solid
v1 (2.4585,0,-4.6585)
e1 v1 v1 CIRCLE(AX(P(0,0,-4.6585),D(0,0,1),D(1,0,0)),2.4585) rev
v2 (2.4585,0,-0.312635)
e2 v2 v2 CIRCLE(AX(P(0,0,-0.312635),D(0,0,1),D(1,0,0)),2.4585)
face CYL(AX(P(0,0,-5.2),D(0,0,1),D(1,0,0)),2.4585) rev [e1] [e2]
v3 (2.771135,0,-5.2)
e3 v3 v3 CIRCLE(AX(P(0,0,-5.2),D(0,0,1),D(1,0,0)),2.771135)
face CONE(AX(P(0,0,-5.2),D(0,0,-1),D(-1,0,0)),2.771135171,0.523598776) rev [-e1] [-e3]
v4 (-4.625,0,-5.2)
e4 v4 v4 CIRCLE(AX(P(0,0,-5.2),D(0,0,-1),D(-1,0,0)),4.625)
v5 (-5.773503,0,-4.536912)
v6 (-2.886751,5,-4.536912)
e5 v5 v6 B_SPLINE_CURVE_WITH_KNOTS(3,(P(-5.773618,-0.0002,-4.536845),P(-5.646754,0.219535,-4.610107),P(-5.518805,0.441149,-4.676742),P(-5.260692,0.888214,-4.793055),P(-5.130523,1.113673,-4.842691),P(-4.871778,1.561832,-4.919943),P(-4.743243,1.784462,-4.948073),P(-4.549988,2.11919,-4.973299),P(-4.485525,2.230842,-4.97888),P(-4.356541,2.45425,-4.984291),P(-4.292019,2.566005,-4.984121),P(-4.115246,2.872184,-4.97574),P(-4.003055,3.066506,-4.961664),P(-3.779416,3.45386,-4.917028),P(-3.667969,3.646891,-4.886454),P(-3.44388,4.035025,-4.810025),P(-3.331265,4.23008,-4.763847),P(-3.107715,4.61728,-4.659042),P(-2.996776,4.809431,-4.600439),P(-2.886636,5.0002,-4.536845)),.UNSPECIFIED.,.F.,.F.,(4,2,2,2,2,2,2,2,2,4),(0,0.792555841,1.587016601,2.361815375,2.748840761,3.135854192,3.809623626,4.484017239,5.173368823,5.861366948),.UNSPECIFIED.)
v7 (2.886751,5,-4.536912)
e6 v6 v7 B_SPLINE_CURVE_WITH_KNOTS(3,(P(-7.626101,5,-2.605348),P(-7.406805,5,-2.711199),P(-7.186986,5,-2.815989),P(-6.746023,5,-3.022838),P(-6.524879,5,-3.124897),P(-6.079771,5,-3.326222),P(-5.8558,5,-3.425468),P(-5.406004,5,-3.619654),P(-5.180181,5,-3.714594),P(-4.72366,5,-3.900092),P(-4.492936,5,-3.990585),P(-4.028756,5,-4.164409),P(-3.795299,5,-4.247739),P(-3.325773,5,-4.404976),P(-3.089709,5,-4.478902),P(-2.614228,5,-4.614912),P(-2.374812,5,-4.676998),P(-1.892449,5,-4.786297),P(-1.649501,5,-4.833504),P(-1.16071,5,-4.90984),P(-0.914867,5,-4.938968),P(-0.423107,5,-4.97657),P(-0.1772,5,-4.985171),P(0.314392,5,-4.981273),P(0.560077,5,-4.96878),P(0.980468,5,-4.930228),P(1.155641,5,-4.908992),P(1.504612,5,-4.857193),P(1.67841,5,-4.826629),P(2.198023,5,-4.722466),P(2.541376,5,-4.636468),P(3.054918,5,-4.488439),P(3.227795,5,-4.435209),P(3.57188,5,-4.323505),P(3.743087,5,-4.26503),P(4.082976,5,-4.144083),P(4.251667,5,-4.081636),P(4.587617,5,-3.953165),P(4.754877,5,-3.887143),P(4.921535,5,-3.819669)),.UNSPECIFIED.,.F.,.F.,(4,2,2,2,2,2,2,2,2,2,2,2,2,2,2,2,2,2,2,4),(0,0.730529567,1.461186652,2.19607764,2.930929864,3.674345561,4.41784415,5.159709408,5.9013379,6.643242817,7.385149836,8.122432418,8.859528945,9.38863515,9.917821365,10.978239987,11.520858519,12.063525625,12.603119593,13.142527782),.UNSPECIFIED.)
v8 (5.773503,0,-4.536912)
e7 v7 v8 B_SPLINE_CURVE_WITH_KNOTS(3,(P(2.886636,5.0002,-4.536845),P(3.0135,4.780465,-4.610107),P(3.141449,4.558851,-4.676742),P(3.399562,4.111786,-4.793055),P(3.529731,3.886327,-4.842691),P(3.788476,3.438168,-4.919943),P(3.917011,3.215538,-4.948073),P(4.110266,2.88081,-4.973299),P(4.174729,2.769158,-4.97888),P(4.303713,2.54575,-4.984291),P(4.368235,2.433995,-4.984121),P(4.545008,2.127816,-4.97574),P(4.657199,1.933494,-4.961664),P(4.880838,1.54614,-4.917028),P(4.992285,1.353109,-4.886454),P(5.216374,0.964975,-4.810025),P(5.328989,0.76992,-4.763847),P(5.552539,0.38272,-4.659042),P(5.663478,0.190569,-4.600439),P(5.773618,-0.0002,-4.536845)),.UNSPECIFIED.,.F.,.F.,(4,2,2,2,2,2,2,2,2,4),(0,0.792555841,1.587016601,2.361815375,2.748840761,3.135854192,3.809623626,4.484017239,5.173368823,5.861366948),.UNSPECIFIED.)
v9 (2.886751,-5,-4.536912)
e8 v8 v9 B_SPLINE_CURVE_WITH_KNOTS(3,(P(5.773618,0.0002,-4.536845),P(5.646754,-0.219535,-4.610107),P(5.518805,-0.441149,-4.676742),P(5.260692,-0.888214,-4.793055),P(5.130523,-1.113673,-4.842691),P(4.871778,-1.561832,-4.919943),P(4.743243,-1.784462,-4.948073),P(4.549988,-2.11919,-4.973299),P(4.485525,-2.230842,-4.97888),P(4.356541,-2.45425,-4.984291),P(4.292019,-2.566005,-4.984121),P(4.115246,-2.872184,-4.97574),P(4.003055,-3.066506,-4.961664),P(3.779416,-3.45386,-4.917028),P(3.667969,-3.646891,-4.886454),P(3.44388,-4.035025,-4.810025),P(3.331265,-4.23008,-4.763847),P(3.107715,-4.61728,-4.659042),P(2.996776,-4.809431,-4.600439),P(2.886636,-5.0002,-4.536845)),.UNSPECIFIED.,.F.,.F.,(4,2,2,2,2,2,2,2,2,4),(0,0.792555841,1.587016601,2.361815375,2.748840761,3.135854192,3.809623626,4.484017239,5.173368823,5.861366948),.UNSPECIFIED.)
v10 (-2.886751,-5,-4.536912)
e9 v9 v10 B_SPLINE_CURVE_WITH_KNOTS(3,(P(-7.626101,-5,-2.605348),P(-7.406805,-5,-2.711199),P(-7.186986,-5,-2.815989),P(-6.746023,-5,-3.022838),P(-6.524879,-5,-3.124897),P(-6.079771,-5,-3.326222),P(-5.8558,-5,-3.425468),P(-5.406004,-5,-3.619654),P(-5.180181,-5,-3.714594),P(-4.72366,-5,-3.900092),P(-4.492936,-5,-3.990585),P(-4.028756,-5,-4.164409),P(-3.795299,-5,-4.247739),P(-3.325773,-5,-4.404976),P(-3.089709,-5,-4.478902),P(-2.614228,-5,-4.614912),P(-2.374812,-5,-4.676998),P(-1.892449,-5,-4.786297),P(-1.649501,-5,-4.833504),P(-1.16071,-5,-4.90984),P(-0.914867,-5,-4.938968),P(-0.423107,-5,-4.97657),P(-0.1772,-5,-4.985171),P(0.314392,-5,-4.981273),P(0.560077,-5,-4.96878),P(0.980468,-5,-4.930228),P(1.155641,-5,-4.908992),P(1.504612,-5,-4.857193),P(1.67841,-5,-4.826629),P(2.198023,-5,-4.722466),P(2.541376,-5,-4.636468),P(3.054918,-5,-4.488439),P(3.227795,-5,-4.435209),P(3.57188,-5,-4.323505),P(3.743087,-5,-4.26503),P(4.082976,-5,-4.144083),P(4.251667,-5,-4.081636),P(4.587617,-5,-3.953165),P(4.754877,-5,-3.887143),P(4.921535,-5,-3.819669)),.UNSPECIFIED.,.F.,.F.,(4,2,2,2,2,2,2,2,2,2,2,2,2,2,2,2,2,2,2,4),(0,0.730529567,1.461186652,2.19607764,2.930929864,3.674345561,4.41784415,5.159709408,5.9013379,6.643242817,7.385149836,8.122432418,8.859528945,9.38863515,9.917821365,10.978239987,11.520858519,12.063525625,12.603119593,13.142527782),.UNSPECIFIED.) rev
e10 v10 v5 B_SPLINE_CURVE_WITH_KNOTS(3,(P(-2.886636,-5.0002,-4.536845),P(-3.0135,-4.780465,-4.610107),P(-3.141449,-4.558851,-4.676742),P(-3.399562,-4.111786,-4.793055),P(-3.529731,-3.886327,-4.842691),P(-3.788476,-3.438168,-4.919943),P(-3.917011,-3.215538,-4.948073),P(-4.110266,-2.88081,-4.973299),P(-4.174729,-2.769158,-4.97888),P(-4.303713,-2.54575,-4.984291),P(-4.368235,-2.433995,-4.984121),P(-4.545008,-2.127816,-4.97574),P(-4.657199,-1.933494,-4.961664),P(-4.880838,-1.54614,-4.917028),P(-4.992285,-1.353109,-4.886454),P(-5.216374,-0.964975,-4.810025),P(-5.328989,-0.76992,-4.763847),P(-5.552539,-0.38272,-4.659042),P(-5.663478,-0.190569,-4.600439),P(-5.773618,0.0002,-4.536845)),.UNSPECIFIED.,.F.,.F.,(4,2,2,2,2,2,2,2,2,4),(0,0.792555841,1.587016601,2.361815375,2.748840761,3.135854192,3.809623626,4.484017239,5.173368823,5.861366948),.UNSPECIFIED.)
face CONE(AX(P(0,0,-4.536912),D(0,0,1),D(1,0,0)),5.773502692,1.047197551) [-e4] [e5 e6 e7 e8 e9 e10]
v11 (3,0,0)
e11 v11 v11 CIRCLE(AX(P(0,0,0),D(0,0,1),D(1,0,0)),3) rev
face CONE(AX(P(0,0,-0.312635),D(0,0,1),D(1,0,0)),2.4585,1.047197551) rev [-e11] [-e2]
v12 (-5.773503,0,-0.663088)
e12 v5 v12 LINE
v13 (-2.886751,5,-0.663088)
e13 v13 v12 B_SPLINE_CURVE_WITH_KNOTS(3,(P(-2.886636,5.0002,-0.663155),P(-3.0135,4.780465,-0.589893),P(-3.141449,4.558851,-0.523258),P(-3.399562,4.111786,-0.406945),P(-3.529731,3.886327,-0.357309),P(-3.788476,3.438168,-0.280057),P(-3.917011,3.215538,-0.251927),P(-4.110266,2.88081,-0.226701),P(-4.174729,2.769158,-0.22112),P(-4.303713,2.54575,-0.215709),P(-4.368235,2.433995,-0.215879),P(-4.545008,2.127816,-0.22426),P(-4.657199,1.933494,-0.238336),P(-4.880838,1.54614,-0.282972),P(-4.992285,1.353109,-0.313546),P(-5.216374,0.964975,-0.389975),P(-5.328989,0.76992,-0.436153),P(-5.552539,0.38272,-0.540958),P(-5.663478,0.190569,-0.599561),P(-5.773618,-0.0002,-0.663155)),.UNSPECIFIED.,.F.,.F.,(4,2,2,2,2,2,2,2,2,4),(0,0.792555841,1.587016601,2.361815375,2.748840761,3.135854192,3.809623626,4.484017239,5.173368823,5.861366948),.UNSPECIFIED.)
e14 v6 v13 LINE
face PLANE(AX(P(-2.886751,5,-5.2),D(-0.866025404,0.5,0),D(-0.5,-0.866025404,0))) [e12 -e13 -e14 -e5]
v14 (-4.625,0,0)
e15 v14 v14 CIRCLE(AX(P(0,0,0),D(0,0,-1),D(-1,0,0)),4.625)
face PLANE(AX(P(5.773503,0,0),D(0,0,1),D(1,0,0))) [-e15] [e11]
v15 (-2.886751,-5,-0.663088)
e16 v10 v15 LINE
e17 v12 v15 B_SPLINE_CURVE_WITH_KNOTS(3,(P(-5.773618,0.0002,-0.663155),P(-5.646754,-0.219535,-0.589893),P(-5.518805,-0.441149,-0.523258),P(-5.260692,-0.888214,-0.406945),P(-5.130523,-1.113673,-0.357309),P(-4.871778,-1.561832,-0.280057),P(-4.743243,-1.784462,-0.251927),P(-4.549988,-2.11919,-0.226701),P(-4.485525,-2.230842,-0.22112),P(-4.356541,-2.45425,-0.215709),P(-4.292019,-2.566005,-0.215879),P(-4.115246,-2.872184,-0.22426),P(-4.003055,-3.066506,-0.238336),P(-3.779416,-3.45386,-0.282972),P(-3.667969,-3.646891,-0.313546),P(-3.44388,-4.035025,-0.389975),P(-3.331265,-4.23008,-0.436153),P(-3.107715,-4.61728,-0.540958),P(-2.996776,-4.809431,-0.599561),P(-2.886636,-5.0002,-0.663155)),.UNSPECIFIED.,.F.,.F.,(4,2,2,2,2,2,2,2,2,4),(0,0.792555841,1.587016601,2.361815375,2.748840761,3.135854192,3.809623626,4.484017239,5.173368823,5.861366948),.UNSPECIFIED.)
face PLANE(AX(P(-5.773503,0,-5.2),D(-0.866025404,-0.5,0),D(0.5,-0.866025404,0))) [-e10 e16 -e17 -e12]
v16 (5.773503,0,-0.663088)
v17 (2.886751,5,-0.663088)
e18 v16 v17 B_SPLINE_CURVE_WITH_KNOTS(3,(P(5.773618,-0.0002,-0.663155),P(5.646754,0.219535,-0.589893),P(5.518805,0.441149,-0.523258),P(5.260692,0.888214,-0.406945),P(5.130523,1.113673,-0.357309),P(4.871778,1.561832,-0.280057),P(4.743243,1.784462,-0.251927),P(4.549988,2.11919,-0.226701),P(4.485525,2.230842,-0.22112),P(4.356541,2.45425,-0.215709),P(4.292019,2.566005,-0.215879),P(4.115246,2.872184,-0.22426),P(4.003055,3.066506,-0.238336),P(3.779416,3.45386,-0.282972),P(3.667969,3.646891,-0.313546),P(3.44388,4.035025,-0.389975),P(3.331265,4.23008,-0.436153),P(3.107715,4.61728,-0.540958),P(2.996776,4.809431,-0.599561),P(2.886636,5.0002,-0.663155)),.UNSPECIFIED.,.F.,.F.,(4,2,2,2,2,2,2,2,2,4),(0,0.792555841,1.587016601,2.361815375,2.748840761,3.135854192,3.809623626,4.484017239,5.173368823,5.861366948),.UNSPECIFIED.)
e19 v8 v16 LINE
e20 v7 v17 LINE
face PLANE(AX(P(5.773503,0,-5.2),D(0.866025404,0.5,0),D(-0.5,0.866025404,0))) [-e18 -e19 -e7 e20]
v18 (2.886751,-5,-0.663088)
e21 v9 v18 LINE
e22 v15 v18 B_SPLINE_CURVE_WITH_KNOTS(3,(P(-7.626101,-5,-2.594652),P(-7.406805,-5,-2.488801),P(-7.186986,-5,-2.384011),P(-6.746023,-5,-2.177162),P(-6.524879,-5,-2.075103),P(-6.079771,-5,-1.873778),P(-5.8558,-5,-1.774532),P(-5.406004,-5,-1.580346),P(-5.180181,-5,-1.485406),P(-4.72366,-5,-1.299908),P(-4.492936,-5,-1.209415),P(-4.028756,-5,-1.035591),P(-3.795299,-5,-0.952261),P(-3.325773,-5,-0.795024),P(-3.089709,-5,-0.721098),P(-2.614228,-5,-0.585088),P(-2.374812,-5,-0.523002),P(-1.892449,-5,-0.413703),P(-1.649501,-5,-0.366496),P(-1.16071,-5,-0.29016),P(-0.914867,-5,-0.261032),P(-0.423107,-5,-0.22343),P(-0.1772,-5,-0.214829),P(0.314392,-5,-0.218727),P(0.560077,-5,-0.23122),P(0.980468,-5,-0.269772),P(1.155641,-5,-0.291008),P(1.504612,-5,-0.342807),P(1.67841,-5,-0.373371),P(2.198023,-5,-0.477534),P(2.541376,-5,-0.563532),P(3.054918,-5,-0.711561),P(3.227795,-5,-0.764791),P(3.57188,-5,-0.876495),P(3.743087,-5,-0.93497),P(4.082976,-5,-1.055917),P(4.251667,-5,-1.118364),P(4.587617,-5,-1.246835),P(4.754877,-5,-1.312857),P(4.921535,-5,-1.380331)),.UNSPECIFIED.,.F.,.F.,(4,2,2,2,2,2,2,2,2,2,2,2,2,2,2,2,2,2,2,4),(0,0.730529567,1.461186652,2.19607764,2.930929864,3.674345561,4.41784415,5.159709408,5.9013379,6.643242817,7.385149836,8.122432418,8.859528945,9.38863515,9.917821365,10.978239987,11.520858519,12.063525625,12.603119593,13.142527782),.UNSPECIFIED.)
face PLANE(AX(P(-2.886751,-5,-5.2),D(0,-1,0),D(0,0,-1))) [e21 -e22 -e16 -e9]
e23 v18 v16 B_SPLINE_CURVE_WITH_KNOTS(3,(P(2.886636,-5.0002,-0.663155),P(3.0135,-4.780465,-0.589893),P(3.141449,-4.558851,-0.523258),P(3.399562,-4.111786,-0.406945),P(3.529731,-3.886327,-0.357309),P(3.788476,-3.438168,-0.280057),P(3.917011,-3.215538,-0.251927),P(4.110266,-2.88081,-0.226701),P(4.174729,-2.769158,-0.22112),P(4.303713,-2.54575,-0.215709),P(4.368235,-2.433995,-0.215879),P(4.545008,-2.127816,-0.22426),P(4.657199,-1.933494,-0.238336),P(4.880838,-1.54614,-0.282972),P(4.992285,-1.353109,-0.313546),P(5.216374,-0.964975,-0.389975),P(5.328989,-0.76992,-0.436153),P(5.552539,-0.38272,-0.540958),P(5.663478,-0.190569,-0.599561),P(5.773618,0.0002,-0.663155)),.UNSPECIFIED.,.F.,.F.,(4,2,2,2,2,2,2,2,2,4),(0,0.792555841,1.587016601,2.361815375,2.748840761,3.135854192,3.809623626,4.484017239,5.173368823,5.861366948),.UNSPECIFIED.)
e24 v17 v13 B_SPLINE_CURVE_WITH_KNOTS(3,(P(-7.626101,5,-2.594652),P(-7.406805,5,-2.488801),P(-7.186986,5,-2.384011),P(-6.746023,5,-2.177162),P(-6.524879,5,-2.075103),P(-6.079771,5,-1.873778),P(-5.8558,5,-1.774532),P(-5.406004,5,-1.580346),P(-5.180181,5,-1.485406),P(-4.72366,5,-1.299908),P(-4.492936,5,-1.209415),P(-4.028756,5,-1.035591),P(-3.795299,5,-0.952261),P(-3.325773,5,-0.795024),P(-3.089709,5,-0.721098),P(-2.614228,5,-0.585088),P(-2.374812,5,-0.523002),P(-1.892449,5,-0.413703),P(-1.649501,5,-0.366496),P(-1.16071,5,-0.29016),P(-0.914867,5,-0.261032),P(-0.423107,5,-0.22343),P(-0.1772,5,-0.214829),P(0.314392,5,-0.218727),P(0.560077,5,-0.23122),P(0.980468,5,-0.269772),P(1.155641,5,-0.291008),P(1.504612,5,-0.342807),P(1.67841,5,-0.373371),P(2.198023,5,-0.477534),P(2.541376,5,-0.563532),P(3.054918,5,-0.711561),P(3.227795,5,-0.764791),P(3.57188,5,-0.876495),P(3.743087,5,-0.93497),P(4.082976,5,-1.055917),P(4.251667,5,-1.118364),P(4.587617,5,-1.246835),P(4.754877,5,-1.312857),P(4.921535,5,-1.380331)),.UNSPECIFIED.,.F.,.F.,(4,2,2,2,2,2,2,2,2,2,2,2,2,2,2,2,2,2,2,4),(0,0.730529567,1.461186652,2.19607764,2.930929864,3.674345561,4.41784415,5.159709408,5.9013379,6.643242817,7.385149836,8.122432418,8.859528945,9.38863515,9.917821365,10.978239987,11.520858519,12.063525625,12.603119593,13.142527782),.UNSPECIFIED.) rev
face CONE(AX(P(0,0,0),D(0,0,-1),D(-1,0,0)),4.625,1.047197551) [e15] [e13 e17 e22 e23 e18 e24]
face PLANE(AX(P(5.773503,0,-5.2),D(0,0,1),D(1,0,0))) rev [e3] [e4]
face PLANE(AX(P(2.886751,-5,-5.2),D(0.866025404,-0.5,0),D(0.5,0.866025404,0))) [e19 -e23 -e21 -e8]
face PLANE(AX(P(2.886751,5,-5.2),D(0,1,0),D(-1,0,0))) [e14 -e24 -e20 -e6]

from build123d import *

# Parameters (mm, degrees)
SKETCH1_R               = 2.4585
BASENUT_DEPTH           = 5.2
ENDCHAMFER_SIZE         = 0.5415
ENDCHAMFER_SIZE2        = 0.312635171
ENDCHAMFER_PART_2_SIZE  = 0.5415
ENDCHAMFER_PART_2_SIZE2 = 0.312635171


with BuildPart() as part:
    # Sketch1 → BaseNut (new body)
    with BuildSketch(Plane.XY):
        Polygon((5.773502692, 0), (2.886751346, 5), (-2.886751346, 5), (-5.773502692, 0), (-2.886751346, -5), (2.886751346, -5), align=None)
        Circle(SKETCH1_R, mode=Mode.SUBTRACT)
    extrude(amount=-BASENUT_DEPTH)

    # Sketch2 → Double-Chamfer (revolve, cut)
    with BuildSketch(Plane(origin=(0, 0, 0), x_dir=(1, 0, 0), z_dir=(0, 1, 0))):
        Polygon((-5.773502692, 5.2), (-4.625, 5.2), (-5.773502692, 4.536911662), align=None)
        Polygon((-5.773502692, 0.663088338), (-5.773502692, 0), (-4.625, 0), align=None)
    revolve(axis=Axis((0, 0, -3.375940562), (0, 0, 1)), mode=Mode.SUBTRACT)

    # EndChamfer
    endchamfer_edges = [part.edges().sort_by_distance(p)[0] for p in [
        (-2.4585, 0, -5.2),
    ]]
    endchamfer_side = [part.faces().sort_by_distance(p)[0] for p in [
        (-2.4585, 0, -2.6),
    ]]
    chamfer(endchamfer_edges, length=ENDCHAMFER_SIZE, length2=ENDCHAMFER_SIZE2, reference=endchamfer_side[0])

    # EndChamfer part 2
    endchamfer_part_2_edges = [part.edges().sort_by_distance(p)[0] for p in [
        (-2.4585, 0, 0),
    ]]
    endchamfer_part_2_side = [part.faces().sort_by_distance(p)[0] for p in [
        (4.494185245, 0, 0),
    ]]
    chamfer(endchamfer_part_2_edges, length=ENDCHAMFER_PART_2_SIZE, length2=ENDCHAMFER_PART_2_SIZE2, reference=endchamfer_part_2_side[0])


solid = part.part
